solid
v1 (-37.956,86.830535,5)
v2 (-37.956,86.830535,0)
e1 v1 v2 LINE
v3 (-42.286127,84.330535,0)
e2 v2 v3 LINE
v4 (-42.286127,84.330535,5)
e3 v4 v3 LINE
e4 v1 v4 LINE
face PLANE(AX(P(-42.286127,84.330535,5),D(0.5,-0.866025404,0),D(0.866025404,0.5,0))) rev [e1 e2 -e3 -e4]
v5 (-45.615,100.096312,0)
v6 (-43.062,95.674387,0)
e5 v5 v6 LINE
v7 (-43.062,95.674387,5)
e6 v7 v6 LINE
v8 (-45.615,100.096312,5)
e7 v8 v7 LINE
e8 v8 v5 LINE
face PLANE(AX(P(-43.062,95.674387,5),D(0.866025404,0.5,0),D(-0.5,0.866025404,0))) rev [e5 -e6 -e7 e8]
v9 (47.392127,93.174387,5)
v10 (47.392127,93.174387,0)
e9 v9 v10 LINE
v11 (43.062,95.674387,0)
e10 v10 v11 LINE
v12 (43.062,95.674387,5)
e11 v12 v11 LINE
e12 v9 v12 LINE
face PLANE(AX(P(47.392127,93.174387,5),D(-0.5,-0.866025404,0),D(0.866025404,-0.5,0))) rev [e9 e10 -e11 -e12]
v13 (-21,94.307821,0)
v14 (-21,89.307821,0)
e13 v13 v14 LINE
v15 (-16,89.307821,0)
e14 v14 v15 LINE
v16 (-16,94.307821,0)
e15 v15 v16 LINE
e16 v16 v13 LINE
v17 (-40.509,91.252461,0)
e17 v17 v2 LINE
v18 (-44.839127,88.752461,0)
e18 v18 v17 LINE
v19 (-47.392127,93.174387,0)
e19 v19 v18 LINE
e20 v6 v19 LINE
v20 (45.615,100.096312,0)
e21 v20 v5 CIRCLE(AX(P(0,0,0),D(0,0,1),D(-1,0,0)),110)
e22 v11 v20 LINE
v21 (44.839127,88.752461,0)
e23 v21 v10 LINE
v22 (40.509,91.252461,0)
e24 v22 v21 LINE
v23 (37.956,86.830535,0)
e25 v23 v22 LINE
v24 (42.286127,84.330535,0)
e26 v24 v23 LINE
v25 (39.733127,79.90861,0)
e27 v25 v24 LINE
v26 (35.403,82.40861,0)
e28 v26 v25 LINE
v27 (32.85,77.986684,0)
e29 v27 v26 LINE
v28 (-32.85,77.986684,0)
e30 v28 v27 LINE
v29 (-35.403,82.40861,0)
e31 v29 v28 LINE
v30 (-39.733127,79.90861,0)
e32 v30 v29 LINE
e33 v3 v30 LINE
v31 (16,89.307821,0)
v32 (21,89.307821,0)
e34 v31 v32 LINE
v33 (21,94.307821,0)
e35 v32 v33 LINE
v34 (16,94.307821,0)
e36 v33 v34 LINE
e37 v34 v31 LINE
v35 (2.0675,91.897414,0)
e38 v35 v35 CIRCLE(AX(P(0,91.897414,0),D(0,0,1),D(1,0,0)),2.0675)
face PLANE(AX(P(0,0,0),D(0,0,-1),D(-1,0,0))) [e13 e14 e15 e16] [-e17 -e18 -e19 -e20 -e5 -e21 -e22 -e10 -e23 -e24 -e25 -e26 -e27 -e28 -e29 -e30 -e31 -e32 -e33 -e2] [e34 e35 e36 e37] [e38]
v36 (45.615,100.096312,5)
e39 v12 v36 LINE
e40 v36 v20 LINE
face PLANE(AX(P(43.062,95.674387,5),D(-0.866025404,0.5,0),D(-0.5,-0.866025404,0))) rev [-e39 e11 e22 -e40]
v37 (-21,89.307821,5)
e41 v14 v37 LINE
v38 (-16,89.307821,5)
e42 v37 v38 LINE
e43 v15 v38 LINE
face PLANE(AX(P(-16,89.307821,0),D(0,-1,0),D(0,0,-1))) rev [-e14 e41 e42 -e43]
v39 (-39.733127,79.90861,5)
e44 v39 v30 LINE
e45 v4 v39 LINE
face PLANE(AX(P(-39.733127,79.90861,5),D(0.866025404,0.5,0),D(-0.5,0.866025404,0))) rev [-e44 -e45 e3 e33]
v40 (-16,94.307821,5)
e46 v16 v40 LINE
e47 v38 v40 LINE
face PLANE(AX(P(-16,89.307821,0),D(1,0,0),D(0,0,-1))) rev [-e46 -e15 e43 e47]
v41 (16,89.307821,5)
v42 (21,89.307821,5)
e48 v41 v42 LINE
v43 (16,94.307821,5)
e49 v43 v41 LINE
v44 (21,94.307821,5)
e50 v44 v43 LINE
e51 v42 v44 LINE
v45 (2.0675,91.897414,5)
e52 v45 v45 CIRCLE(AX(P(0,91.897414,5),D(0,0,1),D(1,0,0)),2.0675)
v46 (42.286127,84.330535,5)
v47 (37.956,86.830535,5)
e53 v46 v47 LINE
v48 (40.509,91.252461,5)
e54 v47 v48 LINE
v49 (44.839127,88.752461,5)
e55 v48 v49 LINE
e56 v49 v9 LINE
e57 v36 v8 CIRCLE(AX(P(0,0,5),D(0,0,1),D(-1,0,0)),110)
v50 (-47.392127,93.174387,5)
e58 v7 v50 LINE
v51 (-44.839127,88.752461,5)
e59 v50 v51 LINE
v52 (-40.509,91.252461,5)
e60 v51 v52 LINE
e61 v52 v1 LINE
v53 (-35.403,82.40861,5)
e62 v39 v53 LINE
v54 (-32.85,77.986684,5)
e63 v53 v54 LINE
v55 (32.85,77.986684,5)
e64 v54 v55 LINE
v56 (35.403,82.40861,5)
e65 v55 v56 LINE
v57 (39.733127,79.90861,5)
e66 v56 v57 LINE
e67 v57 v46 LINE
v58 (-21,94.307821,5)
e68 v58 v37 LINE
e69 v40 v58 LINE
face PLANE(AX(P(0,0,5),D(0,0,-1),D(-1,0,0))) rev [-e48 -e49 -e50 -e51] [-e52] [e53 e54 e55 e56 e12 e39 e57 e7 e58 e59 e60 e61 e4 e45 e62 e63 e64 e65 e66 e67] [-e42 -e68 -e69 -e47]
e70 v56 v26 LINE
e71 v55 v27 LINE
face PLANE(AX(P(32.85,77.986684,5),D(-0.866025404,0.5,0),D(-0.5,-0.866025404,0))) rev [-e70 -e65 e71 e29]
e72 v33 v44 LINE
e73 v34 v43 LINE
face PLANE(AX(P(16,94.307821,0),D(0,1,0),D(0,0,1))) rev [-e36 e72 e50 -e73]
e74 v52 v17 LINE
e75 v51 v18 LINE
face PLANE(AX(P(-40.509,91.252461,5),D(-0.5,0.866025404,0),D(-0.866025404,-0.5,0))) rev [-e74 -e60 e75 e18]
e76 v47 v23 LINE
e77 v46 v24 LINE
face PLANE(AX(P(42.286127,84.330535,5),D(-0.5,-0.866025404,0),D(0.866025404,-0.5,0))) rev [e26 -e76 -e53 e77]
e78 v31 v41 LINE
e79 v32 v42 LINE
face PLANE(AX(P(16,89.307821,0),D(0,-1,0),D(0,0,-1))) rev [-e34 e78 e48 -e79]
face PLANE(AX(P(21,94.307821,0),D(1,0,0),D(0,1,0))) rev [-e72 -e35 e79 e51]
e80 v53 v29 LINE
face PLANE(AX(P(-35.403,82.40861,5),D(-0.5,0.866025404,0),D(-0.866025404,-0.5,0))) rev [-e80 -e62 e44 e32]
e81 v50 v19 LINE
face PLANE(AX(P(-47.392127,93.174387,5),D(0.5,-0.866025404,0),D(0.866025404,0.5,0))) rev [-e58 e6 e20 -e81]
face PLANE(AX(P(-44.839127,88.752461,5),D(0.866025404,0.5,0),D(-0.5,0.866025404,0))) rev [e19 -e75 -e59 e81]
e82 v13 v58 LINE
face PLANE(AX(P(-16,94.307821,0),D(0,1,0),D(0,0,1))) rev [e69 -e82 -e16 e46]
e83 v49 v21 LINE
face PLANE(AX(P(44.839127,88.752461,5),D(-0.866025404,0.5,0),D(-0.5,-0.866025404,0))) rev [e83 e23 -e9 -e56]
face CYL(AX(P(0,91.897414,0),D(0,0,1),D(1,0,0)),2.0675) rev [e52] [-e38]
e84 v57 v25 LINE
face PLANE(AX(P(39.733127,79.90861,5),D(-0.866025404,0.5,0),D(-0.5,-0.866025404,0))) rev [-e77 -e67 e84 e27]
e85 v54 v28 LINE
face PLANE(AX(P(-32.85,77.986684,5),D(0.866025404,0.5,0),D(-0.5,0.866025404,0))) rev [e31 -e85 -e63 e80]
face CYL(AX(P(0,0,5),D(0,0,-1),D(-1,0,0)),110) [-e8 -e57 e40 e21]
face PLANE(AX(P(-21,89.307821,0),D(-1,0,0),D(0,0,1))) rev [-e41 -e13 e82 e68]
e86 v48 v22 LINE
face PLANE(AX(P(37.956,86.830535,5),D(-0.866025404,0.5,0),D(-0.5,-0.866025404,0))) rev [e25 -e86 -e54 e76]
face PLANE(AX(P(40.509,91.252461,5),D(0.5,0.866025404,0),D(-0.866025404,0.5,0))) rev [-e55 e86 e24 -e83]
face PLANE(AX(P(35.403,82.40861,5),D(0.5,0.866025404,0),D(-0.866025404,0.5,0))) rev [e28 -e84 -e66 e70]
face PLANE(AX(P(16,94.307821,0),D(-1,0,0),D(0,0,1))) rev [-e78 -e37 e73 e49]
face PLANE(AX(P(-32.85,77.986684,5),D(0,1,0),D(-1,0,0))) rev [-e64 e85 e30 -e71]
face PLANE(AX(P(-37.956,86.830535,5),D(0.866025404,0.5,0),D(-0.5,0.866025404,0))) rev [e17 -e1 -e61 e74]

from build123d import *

# Parameters (mm, degrees)
BOSS_EXTRUDE1_DEPTH = 5
SKETCH2_R           = 2.0675
SKETCH2_W           = 5
SKETCH2_H           = 5
CUT_EXTRUDE1_DEPTH  = 6


with BuildPart() as part:
    # Sketch1 → Boss-Extrude1 (new body)
    with BuildSketch(Plane.XY):
        with BuildLine():
            Line((-32.85, 77.986683936), (32.85, 77.986683936))
            Line((32.85, 77.986683936), (35.403, 82.408609648))
            Line((35.403, 82.408609648), (39.733127019, 79.908609648))
            Line((39.733127019, 79.908609648), (42.286127019, 84.330535359))
            Line((42.286127019, 84.330535359), (37.956, 86.830535359))
            Line((37.956, 86.830535359), (40.509, 91.252461071))
            Line((40.509, 91.252461071), (44.839127019, 88.752461071))
            Line((44.839127019, 88.752461071), (47.392127019, 93.174386783))
            Line((47.392127019, 93.174386783), (43.062, 95.674386783))
            Line((43.062, 95.674386783), (45.615, 100.096312495))
            ThreePointArc((45.615, 100.096312495), (0, 110), (-45.615, 100.096312495))
            Line((-45.615, 100.096312495), (-43.062, 95.674386783))
            Line((-43.062, 95.674386783), (-47.392127019, 93.174386783))
            Line((-47.392127019, 93.174386783), (-44.839127019, 88.752461071))
            Line((-44.839127019, 88.752461071), (-40.509, 91.252461071))
            Line((-40.509, 91.252461071), (-37.956, 86.830535359))
            Line((-37.956, 86.830535359), (-42.286127019, 84.330535359))
            Line((-42.286127019, 84.330535359), (-39.733127019, 79.908609648))
            Line((-39.733127019, 79.908609648), (-35.403, 82.408609648))
            Line((-35.403, 82.408609648), (-32.85, 77.986683936))
        make_face()
    extrude(amount=BOSS_EXTRUDE1_DEPTH)

    # Sketch2 → Cut-Extrude1 (cut, through all)
    with BuildSketch(Plane.XY.offset(5)):
        with Locations((0, 91.897414387)):
            Circle(SKETCH2_R)
        with Locations((18.5, 91.807821113)):
            Rectangle(SKETCH2_W, SKETCH2_H)
        with Locations((-18.5, 91.807821113)):
            Rectangle(SKETCH2_W, SKETCH2_H)
    extrude(amount=-CUT_EXTRUDE1_DEPTH, mode=Mode.SUBTRACT)


solid = part.part
